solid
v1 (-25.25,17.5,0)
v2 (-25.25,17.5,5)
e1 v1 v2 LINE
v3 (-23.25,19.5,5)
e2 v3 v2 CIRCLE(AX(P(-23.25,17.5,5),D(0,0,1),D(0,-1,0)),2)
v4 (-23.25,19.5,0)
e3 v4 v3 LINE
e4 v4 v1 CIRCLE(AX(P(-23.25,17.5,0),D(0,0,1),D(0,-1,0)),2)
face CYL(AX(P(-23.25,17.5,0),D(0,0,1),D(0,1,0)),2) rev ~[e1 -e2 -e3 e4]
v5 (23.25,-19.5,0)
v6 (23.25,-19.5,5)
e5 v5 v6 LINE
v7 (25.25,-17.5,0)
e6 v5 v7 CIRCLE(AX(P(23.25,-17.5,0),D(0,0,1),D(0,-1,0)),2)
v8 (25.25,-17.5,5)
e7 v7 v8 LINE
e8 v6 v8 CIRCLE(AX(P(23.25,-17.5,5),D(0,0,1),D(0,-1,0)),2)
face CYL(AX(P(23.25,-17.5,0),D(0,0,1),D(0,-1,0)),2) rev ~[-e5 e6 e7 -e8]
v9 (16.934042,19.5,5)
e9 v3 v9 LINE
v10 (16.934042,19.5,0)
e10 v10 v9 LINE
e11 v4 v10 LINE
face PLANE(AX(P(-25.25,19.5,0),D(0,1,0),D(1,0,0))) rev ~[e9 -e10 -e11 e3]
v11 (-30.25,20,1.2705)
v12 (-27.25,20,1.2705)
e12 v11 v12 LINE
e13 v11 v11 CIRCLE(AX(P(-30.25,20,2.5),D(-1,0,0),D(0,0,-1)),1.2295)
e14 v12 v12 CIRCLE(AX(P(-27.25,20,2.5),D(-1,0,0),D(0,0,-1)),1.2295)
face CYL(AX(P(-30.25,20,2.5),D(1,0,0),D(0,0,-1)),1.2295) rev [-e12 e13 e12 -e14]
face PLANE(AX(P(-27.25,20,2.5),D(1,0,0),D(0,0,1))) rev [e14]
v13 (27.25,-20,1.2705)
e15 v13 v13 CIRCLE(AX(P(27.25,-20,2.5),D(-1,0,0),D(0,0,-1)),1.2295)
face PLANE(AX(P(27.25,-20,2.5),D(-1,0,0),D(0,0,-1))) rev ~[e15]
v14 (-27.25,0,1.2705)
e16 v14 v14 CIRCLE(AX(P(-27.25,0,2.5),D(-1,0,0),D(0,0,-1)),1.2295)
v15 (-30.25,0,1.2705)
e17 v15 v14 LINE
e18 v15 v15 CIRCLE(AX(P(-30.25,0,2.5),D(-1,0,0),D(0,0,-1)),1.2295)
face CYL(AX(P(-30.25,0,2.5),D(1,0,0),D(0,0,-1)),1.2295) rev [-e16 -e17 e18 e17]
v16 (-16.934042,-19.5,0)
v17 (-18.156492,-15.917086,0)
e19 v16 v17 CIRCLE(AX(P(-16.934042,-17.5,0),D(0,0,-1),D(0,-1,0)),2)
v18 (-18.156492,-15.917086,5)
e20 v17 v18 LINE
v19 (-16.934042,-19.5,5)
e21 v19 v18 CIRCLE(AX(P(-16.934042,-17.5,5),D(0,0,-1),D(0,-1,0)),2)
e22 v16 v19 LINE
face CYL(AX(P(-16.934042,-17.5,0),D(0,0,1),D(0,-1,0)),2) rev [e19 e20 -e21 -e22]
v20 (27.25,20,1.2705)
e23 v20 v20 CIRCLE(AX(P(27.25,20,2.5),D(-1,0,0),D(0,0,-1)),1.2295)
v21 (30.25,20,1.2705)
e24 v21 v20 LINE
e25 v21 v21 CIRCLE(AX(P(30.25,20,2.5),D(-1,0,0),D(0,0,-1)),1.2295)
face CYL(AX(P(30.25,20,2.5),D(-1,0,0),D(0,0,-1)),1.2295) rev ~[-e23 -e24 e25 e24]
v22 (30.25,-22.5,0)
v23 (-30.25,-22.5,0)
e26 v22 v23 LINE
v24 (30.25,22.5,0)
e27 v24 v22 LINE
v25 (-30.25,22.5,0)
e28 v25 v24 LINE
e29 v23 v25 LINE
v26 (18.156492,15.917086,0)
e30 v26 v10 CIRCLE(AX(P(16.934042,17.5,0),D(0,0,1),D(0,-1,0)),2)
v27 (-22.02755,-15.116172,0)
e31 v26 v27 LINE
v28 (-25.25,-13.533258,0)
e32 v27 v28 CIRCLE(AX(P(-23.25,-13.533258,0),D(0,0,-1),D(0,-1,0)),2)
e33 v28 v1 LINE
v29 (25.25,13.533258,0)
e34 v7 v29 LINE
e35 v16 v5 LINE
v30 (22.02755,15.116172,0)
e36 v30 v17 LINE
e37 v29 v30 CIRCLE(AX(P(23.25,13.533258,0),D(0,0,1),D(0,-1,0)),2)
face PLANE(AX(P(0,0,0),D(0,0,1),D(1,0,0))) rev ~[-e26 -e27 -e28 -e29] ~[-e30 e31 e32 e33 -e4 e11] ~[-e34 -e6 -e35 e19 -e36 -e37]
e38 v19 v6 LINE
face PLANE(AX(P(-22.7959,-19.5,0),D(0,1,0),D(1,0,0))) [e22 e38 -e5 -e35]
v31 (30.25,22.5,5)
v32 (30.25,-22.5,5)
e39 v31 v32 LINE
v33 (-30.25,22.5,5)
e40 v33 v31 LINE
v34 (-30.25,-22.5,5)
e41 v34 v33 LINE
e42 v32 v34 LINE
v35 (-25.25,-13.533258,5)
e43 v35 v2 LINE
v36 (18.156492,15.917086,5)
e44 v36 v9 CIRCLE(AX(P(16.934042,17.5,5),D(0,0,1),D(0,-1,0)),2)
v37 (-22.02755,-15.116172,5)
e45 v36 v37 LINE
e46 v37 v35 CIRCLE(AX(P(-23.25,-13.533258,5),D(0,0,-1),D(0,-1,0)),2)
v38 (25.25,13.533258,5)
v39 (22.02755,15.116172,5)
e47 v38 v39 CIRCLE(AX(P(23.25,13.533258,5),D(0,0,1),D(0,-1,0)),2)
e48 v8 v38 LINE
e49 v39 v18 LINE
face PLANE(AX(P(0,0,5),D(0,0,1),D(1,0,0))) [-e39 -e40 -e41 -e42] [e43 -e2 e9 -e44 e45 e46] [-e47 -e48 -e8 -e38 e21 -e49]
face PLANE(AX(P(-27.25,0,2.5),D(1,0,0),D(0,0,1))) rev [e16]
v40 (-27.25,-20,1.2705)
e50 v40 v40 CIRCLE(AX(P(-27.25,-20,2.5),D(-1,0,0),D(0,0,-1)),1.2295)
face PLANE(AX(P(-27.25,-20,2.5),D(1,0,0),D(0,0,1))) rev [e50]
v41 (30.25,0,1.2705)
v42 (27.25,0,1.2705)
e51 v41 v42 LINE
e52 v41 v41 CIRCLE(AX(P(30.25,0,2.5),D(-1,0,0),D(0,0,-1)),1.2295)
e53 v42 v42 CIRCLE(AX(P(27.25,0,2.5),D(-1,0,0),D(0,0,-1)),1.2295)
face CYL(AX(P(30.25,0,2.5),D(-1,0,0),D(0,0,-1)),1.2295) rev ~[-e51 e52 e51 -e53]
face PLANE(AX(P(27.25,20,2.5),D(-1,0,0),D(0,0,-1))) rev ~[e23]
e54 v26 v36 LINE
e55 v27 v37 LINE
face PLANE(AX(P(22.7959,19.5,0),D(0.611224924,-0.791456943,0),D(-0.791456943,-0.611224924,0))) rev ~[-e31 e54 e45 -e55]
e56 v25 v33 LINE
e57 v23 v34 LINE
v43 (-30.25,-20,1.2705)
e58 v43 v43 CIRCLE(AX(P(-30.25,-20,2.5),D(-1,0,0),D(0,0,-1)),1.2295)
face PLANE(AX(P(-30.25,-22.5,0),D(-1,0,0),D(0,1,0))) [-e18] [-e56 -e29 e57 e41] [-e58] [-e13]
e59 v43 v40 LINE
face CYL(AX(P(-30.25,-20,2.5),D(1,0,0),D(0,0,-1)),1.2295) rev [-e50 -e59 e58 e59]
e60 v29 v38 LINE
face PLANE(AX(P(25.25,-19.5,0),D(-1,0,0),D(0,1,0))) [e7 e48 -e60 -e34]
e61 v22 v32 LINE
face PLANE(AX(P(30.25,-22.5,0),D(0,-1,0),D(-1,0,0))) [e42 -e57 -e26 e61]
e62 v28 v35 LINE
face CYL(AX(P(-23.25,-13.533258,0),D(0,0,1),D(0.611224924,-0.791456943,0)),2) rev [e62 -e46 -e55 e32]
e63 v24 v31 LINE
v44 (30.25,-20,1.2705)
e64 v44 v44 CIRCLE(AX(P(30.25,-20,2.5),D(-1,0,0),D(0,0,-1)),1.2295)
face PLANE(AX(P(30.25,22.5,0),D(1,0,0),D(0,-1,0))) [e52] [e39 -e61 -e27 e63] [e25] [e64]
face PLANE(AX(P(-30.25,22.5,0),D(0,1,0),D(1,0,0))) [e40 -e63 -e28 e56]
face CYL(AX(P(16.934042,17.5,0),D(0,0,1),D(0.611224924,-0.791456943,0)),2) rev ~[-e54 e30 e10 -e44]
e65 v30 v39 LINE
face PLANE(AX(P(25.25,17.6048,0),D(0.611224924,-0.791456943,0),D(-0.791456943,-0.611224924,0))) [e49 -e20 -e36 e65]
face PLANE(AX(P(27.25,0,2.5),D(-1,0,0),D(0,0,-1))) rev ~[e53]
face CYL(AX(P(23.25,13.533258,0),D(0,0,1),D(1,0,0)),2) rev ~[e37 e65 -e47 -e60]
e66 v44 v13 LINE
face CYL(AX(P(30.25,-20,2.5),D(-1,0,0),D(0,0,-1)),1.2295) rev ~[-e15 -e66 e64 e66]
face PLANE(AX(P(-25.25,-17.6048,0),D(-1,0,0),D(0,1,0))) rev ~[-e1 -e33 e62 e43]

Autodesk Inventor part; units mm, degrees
ref_plane "YZ Plane" through (0, 0, 0) normal (1, 0, 0) x (0, 1, 0)
ref_plane "XZ Plane" through (0, 0, 0) normal (0, 1, 0) x (-1, 0, 0)
ref_plane "XY Plane" through (0, 0, 0) normal (0, 0, 1) x (1, 0, 0)
sketch "スケッチ1" plane through (0, 0, 0) normal (0, 0, 1) x (1, 0, 0)
  line L0 (-30.25, 22.5) -> (30.25, 22.5)
  line L1 (30.25, 22.5) -> (30.25, -22.5)
  line L2 (30.25, -22.5) -> (-30.25, -22.5)
  line L3 (-30.25, -22.5) -> (-30.25, 22.5)
  line L4 (-25.25, 19.5) -> (25.25, 19.5) construction
  line L5 (25.25, 19.5) -> (25.25, -19.5) construction
  line L6 (25.25, -19.5) -> (-25.25, -19.5) construction
  line L7 (-25.25, -19.5) -> (-25.25, 19.5) construction
  line L8 (25.25, 19.5) -> (-25.25, -19.5) construction
  line L9 (-25.25, -17.6048) -> (-25.25, 19.5)
  line L10 (-25.25, 19.5) -> (22.7959, 19.5)
  line L11 (22.7959, 19.5) -> (-25.25, -17.6048)
  line L12 (-22.7959, -19.5) -> (25.25, -19.5)
  line L13 (25.25, -19.5) -> (25.25, 17.6048)
  line L14 (25.25, 17.6048) -> (-22.7959, -19.5)
  line L15 (-30.25, 20) -> (30.25, 20) construction
  line L16 (30.25, -20) -> (-30.25, -20) construction
  line L17 (30.25, 20) -> (30.25, -20) construction
  point P0 (0, 0)
  point P1 (0, 19.5)
  point P2 (0, 22.5)
  point P3 (25.25, 0)
  point P4 (30.25, 0)
  dimension "d0" = 5
  dimension "d1" = 3
  dimension "d2" = 1.5
  dimension "d3" = 40
  dimension "d4" = 2.5
  dimension "d19" = 60.5
extrude "押し出し1" add sketch "スケッチ1" along normal blind 5
sketch "スケッチ2" plane through (30.25, -22.5, 0) normal (1, 0, 0) x (0, 0, -1)
  line L0 (0, 45) -> (-5, 45) projected
  line L1 (-5, 0) -> (-5, 45) projected
  line L2 (0, 22.5) -> (-5, 22.5) construction
  point P0 (-2.5, 2.5)
  point P1 (-2.5, 22.5)
  point P2 (-2.5, 42.5)
  point P3 (-2.5, 45)
  dimension "d7" = 40
hole "穴1" at (30.25, -20, 2.5) at (30.25, 0, 2.5) at (30.25, 20, 2.5) direction (-1, 0, 0) diameter 2.459 depth 3 thread size "M3x0.5" class "6H" standard "ISO Metric profile"
mirror "ミラー1" about plane through (0, 0, 0) normal (1, 0, 0) of "穴1"
fillet "フィレット1" radius 2 6 edges at (-22.7959, -19.5, 2.5) (-25.25, -17.6048, 2.5) (25.25, 17.6048, 2.5) (25.25, -19.5, 2.5) (-25.25, 19.5, 2.5) (22.7959, 19.5, 2.5)
equation "\"d3\" = d11_1"
equation "\"d7\" = d3"
equation "\"d11_1\" = 40"
properties part number "Link_front_diagonal" material "アルミニウム 2014-T4"
